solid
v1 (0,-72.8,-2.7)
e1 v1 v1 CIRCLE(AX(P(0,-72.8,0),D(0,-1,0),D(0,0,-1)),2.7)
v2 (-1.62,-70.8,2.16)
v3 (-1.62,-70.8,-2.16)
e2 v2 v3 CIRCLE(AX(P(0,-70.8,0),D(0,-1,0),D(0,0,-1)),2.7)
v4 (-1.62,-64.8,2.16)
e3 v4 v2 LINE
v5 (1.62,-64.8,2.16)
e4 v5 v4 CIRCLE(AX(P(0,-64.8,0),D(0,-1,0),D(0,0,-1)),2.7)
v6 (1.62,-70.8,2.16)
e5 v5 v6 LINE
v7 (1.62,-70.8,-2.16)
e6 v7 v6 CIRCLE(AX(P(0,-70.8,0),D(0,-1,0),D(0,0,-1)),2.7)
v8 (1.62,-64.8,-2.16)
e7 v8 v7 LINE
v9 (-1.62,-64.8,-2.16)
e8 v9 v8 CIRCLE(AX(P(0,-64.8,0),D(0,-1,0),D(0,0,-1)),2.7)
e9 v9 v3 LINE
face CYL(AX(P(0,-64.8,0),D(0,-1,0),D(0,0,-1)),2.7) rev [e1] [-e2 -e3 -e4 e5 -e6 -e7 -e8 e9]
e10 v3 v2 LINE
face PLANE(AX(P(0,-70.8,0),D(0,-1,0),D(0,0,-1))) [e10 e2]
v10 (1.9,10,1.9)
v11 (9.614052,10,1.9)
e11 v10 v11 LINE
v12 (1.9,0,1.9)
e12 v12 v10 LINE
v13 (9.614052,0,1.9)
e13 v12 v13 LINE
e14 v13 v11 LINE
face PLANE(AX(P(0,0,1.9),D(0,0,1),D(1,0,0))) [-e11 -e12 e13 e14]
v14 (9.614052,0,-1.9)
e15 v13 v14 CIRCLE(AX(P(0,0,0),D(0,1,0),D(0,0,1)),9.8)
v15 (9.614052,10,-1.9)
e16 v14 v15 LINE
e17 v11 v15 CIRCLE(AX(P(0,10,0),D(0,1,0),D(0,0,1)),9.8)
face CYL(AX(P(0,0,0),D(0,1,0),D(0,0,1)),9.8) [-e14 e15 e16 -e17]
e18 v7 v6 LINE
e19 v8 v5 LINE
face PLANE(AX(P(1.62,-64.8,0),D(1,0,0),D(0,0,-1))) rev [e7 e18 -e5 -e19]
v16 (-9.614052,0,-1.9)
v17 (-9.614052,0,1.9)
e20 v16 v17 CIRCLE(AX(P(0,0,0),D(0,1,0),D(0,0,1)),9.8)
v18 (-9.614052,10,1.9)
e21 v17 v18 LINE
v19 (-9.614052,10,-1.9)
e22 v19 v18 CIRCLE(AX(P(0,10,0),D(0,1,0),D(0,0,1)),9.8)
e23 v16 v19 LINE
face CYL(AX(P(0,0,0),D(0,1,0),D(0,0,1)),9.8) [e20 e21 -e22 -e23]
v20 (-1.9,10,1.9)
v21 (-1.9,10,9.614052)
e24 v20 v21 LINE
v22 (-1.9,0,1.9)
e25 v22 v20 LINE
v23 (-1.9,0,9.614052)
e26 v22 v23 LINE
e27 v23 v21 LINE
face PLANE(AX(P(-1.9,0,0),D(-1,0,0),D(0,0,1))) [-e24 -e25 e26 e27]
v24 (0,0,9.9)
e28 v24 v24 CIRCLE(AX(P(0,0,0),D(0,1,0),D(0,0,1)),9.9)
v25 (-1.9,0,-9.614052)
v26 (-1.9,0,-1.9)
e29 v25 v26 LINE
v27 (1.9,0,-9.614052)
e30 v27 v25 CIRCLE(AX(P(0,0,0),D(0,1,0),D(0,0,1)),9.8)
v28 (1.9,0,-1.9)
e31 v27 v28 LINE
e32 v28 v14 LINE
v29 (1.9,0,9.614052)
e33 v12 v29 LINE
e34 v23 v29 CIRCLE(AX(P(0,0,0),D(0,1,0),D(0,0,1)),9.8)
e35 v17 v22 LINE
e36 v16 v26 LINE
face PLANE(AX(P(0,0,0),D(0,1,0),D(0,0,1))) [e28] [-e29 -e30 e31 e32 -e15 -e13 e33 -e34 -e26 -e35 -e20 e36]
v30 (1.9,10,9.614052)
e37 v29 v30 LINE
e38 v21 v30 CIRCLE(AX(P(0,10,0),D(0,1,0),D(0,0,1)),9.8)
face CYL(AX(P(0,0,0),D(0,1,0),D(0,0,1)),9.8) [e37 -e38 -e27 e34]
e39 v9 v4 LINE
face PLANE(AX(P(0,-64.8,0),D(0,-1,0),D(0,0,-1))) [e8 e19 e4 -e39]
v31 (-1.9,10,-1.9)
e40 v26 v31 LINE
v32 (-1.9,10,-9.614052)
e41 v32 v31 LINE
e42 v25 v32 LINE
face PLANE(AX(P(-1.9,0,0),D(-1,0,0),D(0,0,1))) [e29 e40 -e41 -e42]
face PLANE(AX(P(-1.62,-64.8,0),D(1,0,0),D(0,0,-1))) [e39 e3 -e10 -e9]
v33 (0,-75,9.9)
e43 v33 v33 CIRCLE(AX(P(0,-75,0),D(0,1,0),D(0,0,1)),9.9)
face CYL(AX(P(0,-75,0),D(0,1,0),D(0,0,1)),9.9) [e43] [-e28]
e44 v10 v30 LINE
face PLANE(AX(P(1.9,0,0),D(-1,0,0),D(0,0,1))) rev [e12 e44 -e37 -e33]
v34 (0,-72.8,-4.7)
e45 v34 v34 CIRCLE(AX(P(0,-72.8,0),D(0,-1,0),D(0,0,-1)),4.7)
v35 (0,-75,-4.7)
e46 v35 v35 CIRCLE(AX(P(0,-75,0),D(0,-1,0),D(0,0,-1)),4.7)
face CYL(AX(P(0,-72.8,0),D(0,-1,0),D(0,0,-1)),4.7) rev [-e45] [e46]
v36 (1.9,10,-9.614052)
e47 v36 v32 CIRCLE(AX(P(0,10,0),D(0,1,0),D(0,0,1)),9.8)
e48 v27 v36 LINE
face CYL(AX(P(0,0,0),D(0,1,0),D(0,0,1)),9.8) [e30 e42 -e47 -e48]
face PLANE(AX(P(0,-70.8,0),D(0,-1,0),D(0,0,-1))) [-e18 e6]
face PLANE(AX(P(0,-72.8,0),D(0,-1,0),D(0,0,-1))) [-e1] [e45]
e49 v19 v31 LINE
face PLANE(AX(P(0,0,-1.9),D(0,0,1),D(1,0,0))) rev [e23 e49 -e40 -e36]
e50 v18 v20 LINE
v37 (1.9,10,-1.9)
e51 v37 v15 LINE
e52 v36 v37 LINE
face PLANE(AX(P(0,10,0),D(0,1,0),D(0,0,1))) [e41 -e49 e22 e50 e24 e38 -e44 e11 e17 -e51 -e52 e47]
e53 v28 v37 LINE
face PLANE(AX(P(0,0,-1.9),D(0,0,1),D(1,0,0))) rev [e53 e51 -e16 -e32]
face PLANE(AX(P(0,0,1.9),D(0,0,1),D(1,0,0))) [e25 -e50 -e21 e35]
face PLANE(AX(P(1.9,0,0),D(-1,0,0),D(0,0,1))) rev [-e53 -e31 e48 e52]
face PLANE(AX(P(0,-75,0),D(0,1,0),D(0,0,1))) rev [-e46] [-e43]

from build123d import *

# Parameters (mm, degrees)
SKETCH3_R           = 9.9
BOSS_EXTRUDE1_DEPTH = 75
CUT_EXTRUDE8_DEPTH  = 10.2
CUT_EXTRUDE9_DEPTH  = 4.2
SKETCH7_7_R         = 4.7
CUT_EXTRUDE10_DEPTH = 2.2
BOSS_EXTRUDE3_START = 10
BOSS_EXTRUDE3_DEPTH = 10
CUT_EXTRUDE11_DEPTH = 10


with BuildPart() as part:
    # Sketch3 → Boss-Extrude1 (new body)
    with BuildSketch(Plane(origin=(0, 0, 0), x_dir=(1, 0, 0), z_dir=(0, 1, 0))):
        Circle(SKETCH3_R)
    extrude(amount=-BOSS_EXTRUDE1_DEPTH)

    # Sketch7 → Cut-Extrude8 (cut)
    with BuildSketch(Plane(origin=(0, -75, 0), x_dir=(-1, 0, 0), z_dir=(0, -1, 0))):
        with BuildLine():
            Line((-1.62, 2.16), (-1.62, -2.16))
            ThreePointArc((-1.62, -2.16), (0, -2.7), (1.62, -2.16))
            Line((1.62, -2.16), (1.62, 2.16))
            ThreePointArc((1.62, 2.16), (0, 2.7), (-1.62, 2.16))
        make_face()
    extrude(amount=-CUT_EXTRUDE8_DEPTH, mode=Mode.SUBTRACT)

    # Sketch7<6> → Cut-Extrude9 (cut)
    with BuildSketch(Plane(origin=(0, -75, 0), x_dir=(-1, 0, 0), z_dir=(0, -1, 0))):
        with BuildLine():
            ThreePointArc((-1.62, 2.16), (-2.7, 0), (-1.62, -2.16))
            Line((-1.62, -2.16), (-1.62, 2.16))
        make_face()
        with BuildLine():
            Line((1.62, 2.16), (1.62, -2.16))
            ThreePointArc((1.62, -2.16), (2.7, 0), (1.62, 2.16))
        make_face()
    extrude(amount=-CUT_EXTRUDE9_DEPTH, mode=Mode.SUBTRACT)

    # Sketch7<7> → Cut-Extrude10 (cut)
    with BuildSketch(Plane(origin=(0, -75, 0), x_dir=(-1, 0, 0), z_dir=(0, -1, 0))):
        Circle(SKETCH7_7_R)
        with BuildLine():
            ThreePointArc((-2.16, -1.62), (-2.7, 0), (-2.16, 1.62))
            ThreePointArc((-2.16, 1.62), (-1.909188309, 1.909188309), (-1.62, 2.16))
            ThreePointArc((-1.62, 2.16), (0, 2.7), (1.62, 2.16))
            ThreePointArc((1.62, 2.16), (1.909188309, 1.909188309), (2.16, 1.62))
            ThreePointArc((2.16, 1.62), (2.561444905, 0.853814968), (2.7, 0))
            ThreePointArc((2.7, 0), (2.561444905, -0.853814968), (2.16, -1.62))
            ThreePointArc((2.16, -1.62), (1.909188309, -1.909188309), (1.62, -2.16))
            ThreePointArc((1.62, -2.16), (0, -2.7), (-1.62, -2.16))
            ThreePointArc((-1.62, -2.16), (-1.909188309, -1.909188309), (-2.16, -1.62))
        make_face(mode=Mode.SUBTRACT)
    extrude(amount=-CUT_EXTRUDE10_DEPTH, mode=Mode.SUBTRACT)

    # Sketch5 → Boss-Extrude3 (add)
    with BuildSketch(Plane(origin=(0, 0, 0), x_dir=(1, 0, 0), z_dir=(0, 1, 0)).offset(BOSS_EXTRUDE3_START)):
        with BuildLine():
            Line((-2, 9.695875412), (-2, 2))
            Line((-2, 2), (-9.695875412, 2))
            ThreePointArc((-9.695875412, 2), (-9.9, 0), (-9.695875412, -2))
            Line((-9.695875412, -2), (-2, -2))
            Line((-2, -2), (-2, -9.695875412))
            ThreePointArc((-2, -9.695875412), (0, -9.9), (2, -9.695875412))
            Line((2, -9.695875412), (2, -2))
            Line((2, -2), (9.695875412, -2))
            ThreePointArc((9.695875412, -2), (9.848836646, -1.005194863), (9.9, 0))
            ThreePointArc((9.9, 0), (9.848836646, 1.005194863), (9.695875412, 2))
            Line((9.695875412, 2), (2, 2))
            Line((2, 2), (2, 9.695875412))
            ThreePointArc((2, 9.695875412), (0, 9.9), (-2, 9.695875412))
        make_face()
    extrude(amount=-BOSS_EXTRUDE3_DEPTH)

    # Sketch11 → Cut-Extrude11 (cut)
    with BuildSketch(Plane(origin=(0, 10, 0), x_dir=(1, 0, 0), z_dir=(0, 1, 0))):
        with BuildLine():
            Line((-2, 9.695875412), (-2, 2))
            Line((-2, 2), (-9.695875412, 2))
            ThreePointArc((-9.695875412, 2), (-9.9, 0), (-9.695875412, -2))
            Line((-9.695875412, -2), (-2, -2))
            Line((-2, -2), (-2, -9.695875412))
            ThreePointArc((-2, -9.695875412), (0, -9.9), (2, -9.695875412))
            Line((2, -9.695875412), (2, -2))
            Line((2, -2), (9.695875412, -2))
            ThreePointArc((9.695875412, -2), (9.9, 0), (9.695875412, 2))
            Line((9.695875412, 2), (2, 2))
            Line((2, 2), (2, 9.695875412))
            ThreePointArc((2, 9.695875412), (0, 9.9), (-2, 9.695875412))
        make_face()
        with BuildLine():
            ThreePointArc((-1.9, 9.614052215), (0, 9.8), (1.9, 9.614052215))
            Line((1.9, 9.614052215), (1.9, 1.9))
            Line((1.9, 1.9), (9.614052215, 1.9))
            ThreePointArc((9.614052215, 1.9), (9.8, 0), (9.614052215, -1.9))
            Line((9.614052215, -1.9), (1.9, -1.9))
            Line((1.9, -1.9), (1.9, -9.614052215))
            ThreePointArc((1.9, -9.614052215), (0, -9.8), (-1.9, -9.614052215))
            Line((-1.9, -9.614052215), (-1.9, -1.9))
            Line((-1.9, -1.9), (-9.614052215, -1.9))
            ThreePointArc((-9.614052215, -1.9), (-9.8, 0), (-9.614052215, 1.9))
            Line((-9.614052215, 1.9), (-1.9, 1.9))
            Line((-1.9, 1.9), (-1.9, 9.614052215))
        make_face(mode=Mode.SUBTRACT)
    extrude(amount=-CUT_EXTRUDE11_DEPTH, mode=Mode.SUBTRACT)


solid = part.part
